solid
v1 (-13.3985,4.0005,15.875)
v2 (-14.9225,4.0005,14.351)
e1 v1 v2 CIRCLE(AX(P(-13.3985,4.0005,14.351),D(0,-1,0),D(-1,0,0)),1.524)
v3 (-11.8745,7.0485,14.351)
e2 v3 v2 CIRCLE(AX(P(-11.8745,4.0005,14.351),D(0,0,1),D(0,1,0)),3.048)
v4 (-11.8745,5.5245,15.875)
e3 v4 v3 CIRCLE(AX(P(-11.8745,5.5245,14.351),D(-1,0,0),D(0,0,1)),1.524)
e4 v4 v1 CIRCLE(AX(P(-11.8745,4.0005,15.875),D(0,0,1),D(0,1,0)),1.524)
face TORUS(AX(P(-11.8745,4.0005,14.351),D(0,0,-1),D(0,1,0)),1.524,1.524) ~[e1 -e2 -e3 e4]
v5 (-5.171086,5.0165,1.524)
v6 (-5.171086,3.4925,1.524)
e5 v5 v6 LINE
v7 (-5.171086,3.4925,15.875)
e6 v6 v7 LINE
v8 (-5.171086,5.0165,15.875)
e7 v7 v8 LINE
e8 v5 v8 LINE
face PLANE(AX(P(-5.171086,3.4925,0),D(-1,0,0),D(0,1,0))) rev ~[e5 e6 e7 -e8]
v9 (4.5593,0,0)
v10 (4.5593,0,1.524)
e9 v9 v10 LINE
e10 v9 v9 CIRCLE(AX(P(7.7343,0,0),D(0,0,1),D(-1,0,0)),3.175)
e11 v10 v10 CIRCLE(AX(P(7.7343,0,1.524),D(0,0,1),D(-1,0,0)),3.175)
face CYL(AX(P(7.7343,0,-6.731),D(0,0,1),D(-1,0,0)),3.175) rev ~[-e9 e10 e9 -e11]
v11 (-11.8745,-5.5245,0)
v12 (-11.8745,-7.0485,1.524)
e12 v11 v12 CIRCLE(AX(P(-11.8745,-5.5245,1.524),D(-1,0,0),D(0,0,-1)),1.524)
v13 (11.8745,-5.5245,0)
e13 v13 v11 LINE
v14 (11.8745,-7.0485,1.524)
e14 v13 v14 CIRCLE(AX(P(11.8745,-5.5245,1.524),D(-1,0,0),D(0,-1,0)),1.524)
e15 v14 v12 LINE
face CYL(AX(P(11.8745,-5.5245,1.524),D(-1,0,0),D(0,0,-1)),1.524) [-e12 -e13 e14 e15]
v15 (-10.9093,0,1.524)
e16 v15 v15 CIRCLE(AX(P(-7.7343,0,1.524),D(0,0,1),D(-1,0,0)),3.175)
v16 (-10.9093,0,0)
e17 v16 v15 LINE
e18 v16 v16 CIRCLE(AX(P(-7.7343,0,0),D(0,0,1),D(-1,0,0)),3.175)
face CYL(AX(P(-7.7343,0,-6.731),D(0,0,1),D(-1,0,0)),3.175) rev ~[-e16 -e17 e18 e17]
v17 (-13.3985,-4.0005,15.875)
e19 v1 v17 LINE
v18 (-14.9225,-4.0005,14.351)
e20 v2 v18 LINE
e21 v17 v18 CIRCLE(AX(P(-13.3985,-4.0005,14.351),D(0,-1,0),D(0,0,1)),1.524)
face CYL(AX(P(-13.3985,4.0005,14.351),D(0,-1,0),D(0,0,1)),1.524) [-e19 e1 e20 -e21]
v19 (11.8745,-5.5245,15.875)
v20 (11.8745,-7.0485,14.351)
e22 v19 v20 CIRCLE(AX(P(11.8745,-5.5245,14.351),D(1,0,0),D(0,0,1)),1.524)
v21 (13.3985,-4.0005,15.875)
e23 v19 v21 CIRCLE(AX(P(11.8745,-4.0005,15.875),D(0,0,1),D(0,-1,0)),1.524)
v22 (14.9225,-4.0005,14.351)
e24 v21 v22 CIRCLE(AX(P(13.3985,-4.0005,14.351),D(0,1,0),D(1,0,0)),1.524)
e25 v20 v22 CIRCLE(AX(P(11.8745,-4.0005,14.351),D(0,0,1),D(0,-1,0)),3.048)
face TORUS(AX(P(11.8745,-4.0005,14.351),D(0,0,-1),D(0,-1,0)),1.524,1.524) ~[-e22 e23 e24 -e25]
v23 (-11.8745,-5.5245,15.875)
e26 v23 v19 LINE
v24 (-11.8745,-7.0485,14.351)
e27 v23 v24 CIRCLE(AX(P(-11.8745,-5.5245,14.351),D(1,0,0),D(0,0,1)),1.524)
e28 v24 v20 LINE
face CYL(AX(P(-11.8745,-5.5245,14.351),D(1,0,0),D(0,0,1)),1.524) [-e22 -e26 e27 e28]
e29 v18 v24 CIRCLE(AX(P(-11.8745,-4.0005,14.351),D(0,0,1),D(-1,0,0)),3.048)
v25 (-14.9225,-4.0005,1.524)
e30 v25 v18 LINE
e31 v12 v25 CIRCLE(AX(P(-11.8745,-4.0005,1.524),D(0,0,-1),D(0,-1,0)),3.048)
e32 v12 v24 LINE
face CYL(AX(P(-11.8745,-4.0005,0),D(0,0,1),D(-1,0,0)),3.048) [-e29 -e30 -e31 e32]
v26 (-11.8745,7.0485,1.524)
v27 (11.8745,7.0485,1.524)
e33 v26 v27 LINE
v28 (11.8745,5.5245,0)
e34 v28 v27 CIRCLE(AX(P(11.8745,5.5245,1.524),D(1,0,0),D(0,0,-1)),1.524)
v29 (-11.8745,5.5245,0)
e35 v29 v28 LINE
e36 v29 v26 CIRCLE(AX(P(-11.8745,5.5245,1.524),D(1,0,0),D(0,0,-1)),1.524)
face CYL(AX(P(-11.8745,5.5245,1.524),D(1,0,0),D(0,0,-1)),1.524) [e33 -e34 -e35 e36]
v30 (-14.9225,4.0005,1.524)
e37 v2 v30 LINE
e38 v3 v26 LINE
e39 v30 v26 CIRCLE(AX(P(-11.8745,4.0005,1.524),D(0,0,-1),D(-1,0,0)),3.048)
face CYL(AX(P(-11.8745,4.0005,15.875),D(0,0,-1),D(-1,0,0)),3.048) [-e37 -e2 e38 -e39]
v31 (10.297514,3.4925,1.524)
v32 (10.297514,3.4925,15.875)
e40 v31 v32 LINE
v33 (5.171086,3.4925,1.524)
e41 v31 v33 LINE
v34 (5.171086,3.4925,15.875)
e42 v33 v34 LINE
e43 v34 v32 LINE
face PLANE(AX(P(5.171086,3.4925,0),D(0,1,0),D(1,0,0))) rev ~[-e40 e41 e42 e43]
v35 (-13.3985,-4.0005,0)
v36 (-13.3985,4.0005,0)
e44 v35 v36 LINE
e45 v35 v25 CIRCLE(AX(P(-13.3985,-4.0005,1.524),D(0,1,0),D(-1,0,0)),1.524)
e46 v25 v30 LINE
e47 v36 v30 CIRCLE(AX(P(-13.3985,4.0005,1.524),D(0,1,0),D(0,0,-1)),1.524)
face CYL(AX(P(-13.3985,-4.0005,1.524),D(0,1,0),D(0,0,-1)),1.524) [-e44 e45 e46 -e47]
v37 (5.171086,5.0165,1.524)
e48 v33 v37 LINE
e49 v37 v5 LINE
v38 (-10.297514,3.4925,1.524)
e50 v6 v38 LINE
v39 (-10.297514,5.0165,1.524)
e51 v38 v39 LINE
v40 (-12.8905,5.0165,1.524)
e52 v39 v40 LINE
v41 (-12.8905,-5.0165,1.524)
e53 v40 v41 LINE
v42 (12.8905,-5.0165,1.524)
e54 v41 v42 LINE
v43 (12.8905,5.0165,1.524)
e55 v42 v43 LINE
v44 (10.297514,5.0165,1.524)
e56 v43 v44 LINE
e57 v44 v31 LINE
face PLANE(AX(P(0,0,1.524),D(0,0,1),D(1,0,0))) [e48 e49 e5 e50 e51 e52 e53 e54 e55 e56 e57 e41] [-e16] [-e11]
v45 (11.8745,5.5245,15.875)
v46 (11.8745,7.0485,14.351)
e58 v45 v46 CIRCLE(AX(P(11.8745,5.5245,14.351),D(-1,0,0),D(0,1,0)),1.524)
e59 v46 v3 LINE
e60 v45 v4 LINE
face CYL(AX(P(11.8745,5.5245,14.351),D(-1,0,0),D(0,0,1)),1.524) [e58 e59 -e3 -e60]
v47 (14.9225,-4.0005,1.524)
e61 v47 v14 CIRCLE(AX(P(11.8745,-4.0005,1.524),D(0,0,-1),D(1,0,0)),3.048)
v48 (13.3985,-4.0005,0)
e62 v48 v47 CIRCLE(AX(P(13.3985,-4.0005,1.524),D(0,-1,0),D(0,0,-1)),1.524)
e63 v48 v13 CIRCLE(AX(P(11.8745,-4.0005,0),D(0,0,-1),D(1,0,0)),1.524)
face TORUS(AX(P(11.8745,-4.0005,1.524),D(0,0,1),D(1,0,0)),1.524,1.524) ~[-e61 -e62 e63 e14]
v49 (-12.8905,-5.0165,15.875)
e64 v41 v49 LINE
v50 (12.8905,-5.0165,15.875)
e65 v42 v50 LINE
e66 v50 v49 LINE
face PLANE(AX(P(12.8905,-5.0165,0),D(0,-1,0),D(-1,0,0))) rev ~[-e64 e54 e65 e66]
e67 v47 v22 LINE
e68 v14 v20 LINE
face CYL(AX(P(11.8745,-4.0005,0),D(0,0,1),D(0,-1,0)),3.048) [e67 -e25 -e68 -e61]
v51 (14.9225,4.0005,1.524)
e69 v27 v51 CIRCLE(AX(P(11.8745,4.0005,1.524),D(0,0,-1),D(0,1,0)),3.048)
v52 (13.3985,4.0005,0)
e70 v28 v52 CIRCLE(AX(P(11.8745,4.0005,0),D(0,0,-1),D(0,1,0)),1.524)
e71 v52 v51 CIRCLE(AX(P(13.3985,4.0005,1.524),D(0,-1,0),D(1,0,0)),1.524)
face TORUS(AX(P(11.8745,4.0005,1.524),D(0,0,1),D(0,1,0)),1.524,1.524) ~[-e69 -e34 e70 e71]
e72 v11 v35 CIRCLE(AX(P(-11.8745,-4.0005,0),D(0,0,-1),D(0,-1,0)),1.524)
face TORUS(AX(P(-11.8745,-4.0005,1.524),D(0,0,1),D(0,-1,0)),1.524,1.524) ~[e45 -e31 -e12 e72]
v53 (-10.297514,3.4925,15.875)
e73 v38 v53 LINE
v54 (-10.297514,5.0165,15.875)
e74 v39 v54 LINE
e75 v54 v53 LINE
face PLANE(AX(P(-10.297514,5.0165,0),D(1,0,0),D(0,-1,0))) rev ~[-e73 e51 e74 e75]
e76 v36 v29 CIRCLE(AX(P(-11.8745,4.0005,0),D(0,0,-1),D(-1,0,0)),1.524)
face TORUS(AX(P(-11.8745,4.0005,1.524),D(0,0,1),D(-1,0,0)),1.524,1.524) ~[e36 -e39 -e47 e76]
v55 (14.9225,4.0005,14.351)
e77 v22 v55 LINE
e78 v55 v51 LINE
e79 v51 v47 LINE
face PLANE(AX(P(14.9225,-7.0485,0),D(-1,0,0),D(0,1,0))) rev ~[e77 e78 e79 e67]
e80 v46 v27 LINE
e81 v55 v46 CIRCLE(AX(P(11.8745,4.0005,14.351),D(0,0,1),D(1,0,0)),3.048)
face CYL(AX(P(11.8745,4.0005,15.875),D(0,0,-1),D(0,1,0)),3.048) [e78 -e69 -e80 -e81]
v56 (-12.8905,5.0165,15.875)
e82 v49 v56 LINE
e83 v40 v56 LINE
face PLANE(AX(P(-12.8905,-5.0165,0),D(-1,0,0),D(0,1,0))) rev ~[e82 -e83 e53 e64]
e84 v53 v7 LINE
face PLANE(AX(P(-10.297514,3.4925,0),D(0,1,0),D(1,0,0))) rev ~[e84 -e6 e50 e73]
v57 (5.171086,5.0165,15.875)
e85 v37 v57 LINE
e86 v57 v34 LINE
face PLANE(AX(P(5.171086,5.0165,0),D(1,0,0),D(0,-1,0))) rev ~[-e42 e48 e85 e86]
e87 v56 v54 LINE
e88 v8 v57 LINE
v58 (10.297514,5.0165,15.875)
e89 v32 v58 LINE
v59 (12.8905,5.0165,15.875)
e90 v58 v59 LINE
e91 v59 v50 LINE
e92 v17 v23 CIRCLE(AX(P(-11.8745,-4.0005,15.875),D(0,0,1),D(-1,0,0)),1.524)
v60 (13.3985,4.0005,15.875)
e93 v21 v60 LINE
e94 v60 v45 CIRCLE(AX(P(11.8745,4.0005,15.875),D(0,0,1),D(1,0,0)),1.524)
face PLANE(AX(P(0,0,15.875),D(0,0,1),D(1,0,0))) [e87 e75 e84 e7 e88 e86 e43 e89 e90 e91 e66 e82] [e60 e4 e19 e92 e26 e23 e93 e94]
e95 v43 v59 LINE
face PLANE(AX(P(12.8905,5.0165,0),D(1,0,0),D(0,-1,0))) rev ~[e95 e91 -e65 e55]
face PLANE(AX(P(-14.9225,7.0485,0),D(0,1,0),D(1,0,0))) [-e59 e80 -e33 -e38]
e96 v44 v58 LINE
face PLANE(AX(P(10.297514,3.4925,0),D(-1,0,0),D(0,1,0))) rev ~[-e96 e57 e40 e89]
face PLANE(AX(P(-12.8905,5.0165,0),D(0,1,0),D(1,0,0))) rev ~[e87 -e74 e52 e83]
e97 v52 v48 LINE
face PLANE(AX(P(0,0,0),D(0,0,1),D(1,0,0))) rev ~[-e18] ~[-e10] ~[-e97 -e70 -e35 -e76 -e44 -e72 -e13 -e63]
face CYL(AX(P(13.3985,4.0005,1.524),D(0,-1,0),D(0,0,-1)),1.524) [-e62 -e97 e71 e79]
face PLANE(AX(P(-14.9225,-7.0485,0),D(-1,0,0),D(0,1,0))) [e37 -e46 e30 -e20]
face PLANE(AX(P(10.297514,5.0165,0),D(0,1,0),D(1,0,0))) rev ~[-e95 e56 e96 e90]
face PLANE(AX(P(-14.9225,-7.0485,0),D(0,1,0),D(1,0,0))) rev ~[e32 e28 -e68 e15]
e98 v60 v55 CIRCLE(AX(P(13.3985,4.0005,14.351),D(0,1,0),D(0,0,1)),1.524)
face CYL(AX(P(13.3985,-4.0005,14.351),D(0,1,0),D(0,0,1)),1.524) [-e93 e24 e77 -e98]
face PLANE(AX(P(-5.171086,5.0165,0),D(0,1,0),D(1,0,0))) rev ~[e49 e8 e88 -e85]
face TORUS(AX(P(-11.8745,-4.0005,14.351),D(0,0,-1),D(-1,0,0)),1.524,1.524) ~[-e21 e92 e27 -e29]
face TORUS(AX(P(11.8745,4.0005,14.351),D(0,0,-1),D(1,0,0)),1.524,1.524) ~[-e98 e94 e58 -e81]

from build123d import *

# Parameters (mm, degrees)
F0_W     = 29.845
F0_H     = 14.097
F0_W_2   = 2.5929864331
F0_H_2   = 1.524
F0_W_3   = 10.3421728662
F1_DEPTH = 1.524
F2_DEPTH = 15.875
F3_D     = 6.35
F3_DEPTH = 6.731
F3_TIP   = 1.9077324654
F4_R     = 3.048
F5_R     = 1.524


with BuildPart() as f1:
    # F0 (on Top) → F1 (new body)
    with BuildSketch(Plane.XY):
        Rectangle(F0_W, F0_H)
        Polygon((10.2975135669, 5.0165), (12.8905, 5.0165), (12.8905, 3.4925), (12.8905, -5.0165), (-12.8905, -5.0165), (-12.8905, 3.4925), (-12.8905, 5.0165), (-10.2975135669, 5.0165), (-5.1710864331, 5.0165), (5.1710864331, 5.0165), align=None, mode=Mode.SUBTRACT)
        Polygon((12.8905, -5.0165), (12.8905, 3.4925), (10.2975135669, 3.4925), (7.7343, 3.4925), (5.1710864331, 3.4925), (-5.1710864331, 3.4925), (-7.7343, 3.4925), (-10.2975135669, 3.4925), (-12.8905, 3.4925), (-12.8905, -5.0165), align=None)
        with Locations((11.5940067835, 4.2545)):
            Rectangle(F0_W_2, F0_H_2)
        Polygon((10.2975135669, 3.4925), (10.2975135669, 5.0165), (5.1710864331, 5.0165), (5.1710864331, 3.4925), (7.7343, 3.4925), align=None)
        with Locations((0, 4.2545)):
            Rectangle(F0_W_3, F0_H_2)
        Polygon((-5.1710864331, 3.4925), (-5.1710864331, 5.0165), (-10.2975135669, 5.0165), (-10.2975135669, 3.4925), (-7.7343, 3.4925), align=None)
        with Locations((-11.5940067835, 4.2545)):
            Rectangle(F0_W_2, F0_H_2)
    extrude(amount=F1_DEPTH)

    # F0 (on Top) → F2 (join)
    with BuildSketch(Plane.XY):
        Rectangle(F0_W, F0_H)
        Polygon((10.2975135669, 5.0165), (12.8905, 5.0165), (12.8905, 3.4925), (12.8905, -5.0165), (-12.8905, -5.0165), (-12.8905, 3.4925), (-12.8905, 5.0165), (-10.2975135669, 5.0165), (-5.1710864331, 5.0165), (5.1710864331, 5.0165), align=None, mode=Mode.SUBTRACT)
        Polygon((-5.1710864331, 3.4925), (-5.1710864331, 5.0165), (-10.2975135669, 5.0165), (-10.2975135669, 3.4925), (-7.7343, 3.4925), align=None)
        Polygon((10.2975135669, 3.4925), (10.2975135669, 5.0165), (5.1710864331, 5.0165), (5.1710864331, 3.4925), (7.7343, 3.4925), align=None)
    extrude(amount=F2_DEPTH)

    # F3
    with Locations(Plane(origin=(0, 0, 0), x_dir=(1, 0, 0), z_dir=(0, 0, -1))):
        with Locations((-7.7343, 0), (7.7343, 0)):
            Hole(F3_D / 2, depth=F3_DEPTH)
            with Locations((0, 0, -(F3_DEPTH + F3_TIP / 2))):  # 118° drill point
                Cone(0, F3_D / 2, F3_TIP, mode=Mode.SUBTRACT)

    # F4
    f4_edges = [f1.edges().sort_by_distance(p)[0] for p in [
        (-14.9225, 7.0485, 7.9375),
        (-14.9225, -7.0485, 7.9375),
        (14.9225, -7.0485, 7.9375),
        (14.9225, 7.0485, 7.9375),
    ]]
    fillet(f4_edges, radius=F4_R)

    # F5
    f5_edges = [f1.edges().sort_by_distance(p)[0] for p in [
        (0, -7.0485, 15.875),
        (0, 7.0485, 0),
    ]]
    fillet(f5_edges, radius=F5_R)


solid = f1.part
